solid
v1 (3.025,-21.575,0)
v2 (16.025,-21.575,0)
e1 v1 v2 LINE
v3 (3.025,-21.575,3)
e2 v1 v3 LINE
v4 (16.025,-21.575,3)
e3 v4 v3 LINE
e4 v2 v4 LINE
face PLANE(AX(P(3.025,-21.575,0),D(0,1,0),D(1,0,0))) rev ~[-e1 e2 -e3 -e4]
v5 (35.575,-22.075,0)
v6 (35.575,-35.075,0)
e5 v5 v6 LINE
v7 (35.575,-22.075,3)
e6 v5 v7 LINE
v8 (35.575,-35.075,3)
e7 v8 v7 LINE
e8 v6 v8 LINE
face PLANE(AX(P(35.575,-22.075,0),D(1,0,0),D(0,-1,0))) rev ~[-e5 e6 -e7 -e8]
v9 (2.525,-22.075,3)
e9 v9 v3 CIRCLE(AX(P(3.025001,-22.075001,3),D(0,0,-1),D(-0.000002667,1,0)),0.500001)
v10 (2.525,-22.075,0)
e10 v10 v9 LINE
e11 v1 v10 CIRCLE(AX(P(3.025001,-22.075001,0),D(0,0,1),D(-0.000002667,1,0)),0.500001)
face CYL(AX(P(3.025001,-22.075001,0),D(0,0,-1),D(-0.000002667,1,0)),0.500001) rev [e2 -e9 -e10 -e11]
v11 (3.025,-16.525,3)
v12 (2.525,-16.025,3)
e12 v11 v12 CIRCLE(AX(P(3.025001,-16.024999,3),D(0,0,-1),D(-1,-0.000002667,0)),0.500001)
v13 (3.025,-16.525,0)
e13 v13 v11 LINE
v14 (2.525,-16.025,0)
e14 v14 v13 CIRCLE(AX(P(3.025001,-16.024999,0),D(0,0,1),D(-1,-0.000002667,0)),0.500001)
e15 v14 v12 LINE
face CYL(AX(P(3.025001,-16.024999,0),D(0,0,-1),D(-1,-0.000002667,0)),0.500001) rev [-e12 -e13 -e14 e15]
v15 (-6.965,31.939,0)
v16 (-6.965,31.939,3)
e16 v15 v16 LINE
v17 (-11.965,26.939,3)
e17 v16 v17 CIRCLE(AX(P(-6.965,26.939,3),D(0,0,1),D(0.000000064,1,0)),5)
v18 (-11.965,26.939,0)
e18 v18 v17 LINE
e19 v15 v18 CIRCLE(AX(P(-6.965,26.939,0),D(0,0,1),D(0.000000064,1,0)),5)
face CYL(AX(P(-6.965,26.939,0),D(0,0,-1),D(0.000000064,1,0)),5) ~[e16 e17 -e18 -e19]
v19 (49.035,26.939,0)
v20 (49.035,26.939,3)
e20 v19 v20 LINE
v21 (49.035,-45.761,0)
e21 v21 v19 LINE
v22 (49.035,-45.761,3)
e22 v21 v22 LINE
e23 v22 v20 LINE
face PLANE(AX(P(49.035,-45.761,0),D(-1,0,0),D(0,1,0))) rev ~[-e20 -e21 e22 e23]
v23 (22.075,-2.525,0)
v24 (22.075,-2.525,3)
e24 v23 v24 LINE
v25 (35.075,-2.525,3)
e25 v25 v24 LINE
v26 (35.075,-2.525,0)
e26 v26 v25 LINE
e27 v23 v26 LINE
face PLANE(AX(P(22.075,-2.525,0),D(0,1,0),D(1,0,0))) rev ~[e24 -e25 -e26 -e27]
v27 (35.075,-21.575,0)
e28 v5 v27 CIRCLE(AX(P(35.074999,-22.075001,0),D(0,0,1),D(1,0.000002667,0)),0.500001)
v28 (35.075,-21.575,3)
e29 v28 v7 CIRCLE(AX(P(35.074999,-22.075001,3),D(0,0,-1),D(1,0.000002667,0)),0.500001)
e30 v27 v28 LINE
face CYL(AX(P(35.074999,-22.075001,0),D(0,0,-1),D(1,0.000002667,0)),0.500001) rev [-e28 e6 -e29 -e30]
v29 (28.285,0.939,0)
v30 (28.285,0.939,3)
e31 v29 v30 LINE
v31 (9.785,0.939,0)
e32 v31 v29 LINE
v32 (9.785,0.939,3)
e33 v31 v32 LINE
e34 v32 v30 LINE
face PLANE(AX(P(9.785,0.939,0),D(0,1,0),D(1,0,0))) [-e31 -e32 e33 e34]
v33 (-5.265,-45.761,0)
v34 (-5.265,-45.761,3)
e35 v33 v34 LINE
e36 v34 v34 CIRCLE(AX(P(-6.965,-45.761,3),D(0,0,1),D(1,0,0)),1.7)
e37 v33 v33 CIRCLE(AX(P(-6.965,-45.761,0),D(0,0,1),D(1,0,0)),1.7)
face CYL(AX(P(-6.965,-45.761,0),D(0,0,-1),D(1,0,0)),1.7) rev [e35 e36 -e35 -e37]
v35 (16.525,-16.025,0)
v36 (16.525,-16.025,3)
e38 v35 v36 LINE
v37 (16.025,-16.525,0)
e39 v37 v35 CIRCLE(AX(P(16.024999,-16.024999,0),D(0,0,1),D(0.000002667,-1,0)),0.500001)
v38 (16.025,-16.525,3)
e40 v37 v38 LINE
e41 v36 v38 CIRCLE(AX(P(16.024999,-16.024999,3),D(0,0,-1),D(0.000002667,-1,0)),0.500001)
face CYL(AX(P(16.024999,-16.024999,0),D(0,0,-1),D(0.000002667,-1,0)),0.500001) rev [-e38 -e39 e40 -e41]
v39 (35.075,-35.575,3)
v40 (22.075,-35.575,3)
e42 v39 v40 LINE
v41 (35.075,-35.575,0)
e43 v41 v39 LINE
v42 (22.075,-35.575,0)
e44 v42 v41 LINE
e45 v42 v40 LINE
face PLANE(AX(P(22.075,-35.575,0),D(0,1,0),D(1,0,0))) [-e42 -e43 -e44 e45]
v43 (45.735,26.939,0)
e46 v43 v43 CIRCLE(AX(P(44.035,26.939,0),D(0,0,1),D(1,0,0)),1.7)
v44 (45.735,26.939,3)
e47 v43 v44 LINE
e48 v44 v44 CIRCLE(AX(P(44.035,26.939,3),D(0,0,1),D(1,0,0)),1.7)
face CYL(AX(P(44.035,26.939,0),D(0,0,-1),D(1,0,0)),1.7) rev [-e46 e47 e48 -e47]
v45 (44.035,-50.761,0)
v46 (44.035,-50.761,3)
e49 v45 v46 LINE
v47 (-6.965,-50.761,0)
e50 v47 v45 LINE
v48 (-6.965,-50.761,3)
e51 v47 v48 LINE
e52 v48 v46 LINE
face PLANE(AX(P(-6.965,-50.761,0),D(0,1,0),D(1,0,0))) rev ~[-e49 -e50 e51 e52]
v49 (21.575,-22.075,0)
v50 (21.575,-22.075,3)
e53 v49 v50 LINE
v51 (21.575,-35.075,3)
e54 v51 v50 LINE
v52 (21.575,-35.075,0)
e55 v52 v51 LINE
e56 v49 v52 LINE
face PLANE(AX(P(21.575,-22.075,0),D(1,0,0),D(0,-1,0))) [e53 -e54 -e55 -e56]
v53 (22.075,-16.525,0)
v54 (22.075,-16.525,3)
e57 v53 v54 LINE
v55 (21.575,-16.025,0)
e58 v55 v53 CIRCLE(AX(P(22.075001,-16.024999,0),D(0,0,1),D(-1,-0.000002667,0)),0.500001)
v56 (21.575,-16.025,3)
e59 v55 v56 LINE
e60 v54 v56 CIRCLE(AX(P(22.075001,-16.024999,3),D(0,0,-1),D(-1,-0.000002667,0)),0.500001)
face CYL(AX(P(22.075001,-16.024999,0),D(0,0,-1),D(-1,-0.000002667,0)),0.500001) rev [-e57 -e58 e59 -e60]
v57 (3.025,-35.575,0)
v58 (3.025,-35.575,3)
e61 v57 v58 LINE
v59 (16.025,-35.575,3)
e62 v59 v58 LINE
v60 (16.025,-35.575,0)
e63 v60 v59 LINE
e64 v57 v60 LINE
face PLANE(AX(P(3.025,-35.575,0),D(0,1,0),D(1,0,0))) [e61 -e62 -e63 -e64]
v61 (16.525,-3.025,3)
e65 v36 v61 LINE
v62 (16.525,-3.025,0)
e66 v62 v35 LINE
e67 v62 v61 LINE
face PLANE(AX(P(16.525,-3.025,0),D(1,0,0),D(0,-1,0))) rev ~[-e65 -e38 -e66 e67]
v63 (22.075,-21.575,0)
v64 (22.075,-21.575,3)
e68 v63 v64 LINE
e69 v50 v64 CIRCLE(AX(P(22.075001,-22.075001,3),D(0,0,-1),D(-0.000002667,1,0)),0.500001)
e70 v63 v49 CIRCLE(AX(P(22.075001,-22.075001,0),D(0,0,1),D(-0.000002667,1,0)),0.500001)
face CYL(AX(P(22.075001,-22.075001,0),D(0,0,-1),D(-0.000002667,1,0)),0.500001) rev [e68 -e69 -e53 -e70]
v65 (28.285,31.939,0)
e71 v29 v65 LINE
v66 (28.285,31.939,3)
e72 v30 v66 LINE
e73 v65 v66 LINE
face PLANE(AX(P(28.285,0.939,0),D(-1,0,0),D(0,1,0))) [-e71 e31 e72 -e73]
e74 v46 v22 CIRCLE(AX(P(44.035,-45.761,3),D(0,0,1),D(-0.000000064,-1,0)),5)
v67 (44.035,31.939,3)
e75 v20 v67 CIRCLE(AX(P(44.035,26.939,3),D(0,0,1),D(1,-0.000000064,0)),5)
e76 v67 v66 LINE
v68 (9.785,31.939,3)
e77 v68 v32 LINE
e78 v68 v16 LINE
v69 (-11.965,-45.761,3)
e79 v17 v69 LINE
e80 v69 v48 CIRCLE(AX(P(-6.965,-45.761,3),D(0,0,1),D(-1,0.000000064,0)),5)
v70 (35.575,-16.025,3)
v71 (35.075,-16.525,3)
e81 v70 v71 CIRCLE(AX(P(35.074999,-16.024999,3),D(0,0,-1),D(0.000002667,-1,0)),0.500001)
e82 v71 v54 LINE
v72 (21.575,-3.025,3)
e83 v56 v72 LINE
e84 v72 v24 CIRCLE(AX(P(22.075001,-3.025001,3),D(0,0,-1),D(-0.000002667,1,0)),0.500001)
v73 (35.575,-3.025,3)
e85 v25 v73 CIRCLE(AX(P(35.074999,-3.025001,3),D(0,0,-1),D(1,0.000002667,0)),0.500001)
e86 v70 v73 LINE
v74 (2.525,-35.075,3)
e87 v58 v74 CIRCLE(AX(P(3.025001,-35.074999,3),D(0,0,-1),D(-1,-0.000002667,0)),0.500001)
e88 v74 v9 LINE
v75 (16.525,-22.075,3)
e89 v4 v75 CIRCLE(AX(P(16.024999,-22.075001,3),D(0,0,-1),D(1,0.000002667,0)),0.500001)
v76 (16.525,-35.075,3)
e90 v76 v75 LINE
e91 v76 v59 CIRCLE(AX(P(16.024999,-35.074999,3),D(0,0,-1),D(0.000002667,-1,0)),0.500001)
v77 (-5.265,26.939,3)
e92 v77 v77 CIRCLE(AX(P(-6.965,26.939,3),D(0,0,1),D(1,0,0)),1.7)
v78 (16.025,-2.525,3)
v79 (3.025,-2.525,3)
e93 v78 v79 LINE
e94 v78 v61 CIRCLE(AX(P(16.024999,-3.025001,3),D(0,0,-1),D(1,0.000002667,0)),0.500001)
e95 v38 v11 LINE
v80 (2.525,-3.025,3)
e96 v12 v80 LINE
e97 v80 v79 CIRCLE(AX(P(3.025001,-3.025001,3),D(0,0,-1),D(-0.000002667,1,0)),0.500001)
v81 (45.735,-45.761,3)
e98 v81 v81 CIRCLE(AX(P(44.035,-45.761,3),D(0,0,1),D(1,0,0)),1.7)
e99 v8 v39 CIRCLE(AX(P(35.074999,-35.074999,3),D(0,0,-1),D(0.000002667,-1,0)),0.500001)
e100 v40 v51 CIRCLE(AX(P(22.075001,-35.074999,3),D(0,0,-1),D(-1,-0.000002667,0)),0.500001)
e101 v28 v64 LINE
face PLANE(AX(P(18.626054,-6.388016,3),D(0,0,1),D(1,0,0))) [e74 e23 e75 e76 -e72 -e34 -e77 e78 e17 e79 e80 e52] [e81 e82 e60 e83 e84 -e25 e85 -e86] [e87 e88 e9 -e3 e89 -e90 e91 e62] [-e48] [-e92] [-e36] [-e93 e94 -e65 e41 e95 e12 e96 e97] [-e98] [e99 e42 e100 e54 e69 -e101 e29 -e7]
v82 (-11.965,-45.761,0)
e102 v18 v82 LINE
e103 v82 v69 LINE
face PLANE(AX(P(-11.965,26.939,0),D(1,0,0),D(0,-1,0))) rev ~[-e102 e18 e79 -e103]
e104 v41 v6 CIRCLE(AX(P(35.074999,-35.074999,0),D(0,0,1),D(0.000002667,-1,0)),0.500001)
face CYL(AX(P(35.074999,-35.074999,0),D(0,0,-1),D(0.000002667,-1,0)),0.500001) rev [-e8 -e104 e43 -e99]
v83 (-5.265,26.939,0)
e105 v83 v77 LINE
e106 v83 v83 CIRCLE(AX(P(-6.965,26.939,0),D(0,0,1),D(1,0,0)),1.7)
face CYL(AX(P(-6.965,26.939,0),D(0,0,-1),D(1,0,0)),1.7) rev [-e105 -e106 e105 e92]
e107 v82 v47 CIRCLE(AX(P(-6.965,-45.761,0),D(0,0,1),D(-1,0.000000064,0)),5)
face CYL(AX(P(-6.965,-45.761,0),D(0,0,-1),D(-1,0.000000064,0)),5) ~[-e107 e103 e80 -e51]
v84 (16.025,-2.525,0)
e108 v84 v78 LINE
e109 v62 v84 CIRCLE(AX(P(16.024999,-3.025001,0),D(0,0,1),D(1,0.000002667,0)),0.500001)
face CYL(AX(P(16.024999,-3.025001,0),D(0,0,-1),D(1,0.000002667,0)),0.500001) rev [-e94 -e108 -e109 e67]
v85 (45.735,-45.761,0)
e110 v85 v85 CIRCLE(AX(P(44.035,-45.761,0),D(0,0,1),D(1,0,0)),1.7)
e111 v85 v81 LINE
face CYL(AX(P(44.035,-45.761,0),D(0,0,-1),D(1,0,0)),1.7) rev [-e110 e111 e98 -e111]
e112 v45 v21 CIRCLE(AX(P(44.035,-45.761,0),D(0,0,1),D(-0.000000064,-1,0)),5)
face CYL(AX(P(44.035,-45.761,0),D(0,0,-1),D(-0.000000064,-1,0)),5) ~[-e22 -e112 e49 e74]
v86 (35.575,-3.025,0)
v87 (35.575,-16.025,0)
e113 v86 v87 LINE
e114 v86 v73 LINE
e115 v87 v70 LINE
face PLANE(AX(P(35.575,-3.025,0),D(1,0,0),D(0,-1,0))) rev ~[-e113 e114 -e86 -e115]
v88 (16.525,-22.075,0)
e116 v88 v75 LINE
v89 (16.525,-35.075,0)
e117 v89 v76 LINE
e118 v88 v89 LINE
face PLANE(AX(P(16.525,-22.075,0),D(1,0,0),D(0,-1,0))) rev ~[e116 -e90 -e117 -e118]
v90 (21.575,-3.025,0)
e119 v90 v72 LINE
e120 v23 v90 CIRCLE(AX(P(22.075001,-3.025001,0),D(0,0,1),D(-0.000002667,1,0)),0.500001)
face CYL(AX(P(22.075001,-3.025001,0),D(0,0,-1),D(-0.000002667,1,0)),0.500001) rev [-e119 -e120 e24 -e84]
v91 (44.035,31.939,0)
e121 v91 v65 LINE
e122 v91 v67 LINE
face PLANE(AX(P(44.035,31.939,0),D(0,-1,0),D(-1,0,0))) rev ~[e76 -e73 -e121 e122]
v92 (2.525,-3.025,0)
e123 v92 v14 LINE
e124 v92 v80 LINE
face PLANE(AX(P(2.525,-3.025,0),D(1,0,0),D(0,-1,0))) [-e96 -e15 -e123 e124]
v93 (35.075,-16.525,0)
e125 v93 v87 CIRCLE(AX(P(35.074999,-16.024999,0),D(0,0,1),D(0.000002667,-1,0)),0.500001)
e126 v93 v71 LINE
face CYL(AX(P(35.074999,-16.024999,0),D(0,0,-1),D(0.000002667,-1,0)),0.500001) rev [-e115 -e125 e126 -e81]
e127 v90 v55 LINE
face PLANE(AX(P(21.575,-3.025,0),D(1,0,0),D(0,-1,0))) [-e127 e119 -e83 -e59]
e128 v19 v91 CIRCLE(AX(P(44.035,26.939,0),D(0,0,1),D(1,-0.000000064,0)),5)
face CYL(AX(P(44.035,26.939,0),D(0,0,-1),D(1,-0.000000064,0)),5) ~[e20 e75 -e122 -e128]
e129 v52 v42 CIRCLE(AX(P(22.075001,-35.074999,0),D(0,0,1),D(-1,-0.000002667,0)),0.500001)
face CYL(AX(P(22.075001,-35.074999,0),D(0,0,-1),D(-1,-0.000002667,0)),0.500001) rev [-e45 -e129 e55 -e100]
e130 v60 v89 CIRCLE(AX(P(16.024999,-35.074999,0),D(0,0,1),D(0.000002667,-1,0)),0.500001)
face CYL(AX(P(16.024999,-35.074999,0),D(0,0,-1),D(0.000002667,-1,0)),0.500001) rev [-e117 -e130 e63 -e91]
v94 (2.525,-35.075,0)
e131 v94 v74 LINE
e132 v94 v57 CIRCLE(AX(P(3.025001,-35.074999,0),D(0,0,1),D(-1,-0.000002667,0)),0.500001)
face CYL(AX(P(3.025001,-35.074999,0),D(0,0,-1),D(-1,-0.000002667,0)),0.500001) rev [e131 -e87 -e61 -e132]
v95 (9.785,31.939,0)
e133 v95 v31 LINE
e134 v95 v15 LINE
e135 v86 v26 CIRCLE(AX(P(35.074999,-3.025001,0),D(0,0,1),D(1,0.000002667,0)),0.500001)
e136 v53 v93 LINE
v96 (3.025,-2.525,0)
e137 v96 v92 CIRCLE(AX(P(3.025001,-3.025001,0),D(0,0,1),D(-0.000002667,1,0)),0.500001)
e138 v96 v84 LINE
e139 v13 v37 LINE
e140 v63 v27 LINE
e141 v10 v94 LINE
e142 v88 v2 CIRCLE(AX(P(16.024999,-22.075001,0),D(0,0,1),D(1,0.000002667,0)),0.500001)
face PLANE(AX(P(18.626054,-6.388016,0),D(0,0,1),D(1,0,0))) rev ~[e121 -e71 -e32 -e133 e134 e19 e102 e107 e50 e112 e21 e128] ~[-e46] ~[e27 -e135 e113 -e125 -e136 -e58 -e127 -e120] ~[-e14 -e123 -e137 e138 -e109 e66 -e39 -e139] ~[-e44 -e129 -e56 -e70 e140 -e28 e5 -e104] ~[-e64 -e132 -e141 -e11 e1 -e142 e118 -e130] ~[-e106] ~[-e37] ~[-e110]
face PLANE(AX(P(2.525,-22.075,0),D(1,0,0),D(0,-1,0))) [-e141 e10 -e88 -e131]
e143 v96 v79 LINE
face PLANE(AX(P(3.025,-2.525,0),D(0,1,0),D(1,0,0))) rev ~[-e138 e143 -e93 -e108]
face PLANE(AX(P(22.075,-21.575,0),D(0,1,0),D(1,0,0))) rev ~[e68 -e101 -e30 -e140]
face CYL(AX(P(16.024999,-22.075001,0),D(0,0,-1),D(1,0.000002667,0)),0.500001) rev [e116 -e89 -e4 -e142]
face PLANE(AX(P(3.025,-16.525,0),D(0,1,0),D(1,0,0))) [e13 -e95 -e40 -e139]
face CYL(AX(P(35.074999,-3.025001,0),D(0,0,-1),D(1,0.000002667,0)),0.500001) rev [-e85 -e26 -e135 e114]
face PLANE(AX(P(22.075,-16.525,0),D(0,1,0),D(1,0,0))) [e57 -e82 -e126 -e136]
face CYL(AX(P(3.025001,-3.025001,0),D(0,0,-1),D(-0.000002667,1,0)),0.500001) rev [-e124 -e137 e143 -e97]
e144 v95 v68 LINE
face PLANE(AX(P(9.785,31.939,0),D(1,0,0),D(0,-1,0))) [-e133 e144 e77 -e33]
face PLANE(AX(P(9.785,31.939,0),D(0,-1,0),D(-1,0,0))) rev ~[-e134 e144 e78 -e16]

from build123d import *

# Parameters (mm, degrees)
SKETCH001_R  = 1.7
PAD_DEPTH    = 3
POCKET_DEPTH = 10


with BuildPart() as part:
    # Sketch001 → Pad (new body)
    with BuildSketch(Plane.XY):
        with BuildLine():
            Line((-11.965, 26.939), (-11.965, -45.761))
            ThreePointArc((-11.965, -45.761), (-10.500534, -49.296534), (-6.965, -50.761))
            Line((-6.965, -50.761), (44.035, -50.761))
            ThreePointArc((44.035, -50.761), (47.570534, -49.296534), (49.035, -45.761))
            Line((49.035, -45.761), (49.035, 26.939))
            ThreePointArc((49.035, 26.939), (47.570534, 30.474534), (44.035, 31.939))
            Line((44.035, 31.939), (28.285, 31.939))
            Line((28.285, 0.939), (28.285, 31.939))
            Line((9.785, 0.939), (28.285, 0.939))
            Line((9.785, 31.939), (9.785, 0.939))
            Line((9.785, 31.939), (-6.965, 31.939))
            ThreePointArc((-6.965, 31.939), (-10.500534, 30.474534), (-11.965, 26.939))
        make_face()
        with Locations((-6.965, -45.761)):
            Circle(SKETCH001_R, mode=Mode.SUBTRACT)
        with Locations((44.035, -45.761)):
            Circle(SKETCH001_R, mode=Mode.SUBTRACT)
        with Locations((44.035, 26.939)):
            Circle(SKETCH001_R, mode=Mode.SUBTRACT)
        with Locations((-6.965, 26.939)):
            Circle(SKETCH001_R, mode=Mode.SUBTRACT)
    extrude(amount=PAD_DEPTH)

    # Sketch → Pocket (cut)
    with BuildSketch(Plane.XY):
        with BuildLine():
            Line((3.025, -2.525), (16.025, -2.525))
            ThreePointArc((16.525, -3.025), (16.378553, -2.671447), (16.025, -2.525))
            Line((16.525, -3.025), (16.525, -16.025))
            ThreePointArc((16.025, -16.525), (16.378553, -16.378553), (16.525, -16.025))
            Line((3.025, -16.525), (16.025, -16.525))
            ThreePointArc((2.525, -16.025), (2.671447, -16.378553), (3.025, -16.525))
            Line((2.525, -3.025), (2.525, -16.025))
            ThreePointArc((3.025, -2.525), (2.671447, -2.671447), (2.525, -3.025))
        make_face()
        with BuildLine():
            Line((22.075, -2.525), (35.075, -2.525))
            ThreePointArc((35.575, -3.025), (35.428553, -2.671447), (35.075, -2.525))
            Line((35.575, -3.025), (35.575, -16.025))
            ThreePointArc((35.075, -16.525), (35.428553, -16.378553), (35.575, -16.025))
            Line((22.075, -16.525), (35.075, -16.525))
            ThreePointArc((21.575, -16.025), (21.721447, -16.378553), (22.075, -16.525))
            Line((21.575, -3.025), (21.575, -16.025))
            ThreePointArc((22.075, -2.525), (21.721447, -2.671447), (21.575, -3.025))
        make_face()
        with BuildLine():
            Line((3.025, -21.575), (16.025, -21.575))
            ThreePointArc((16.525, -22.075), (16.378553, -21.721447), (16.025, -21.575))
            Line((16.525, -22.075), (16.525, -35.075))
            ThreePointArc((16.025, -35.575), (16.378553, -35.428553), (16.525, -35.075))
            Line((3.025, -35.575), (16.025, -35.575))
            ThreePointArc((2.525, -35.075), (2.671447, -35.428553), (3.025, -35.575))
            Line((2.525, -22.075), (2.525, -35.075))
            ThreePointArc((3.025, -21.575), (2.671447, -21.721447), (2.525, -22.075))
        make_face()
        with BuildLine():
            Line((22.075, -21.575), (35.075, -21.575))
            ThreePointArc((35.575, -22.075), (35.428553, -21.721447), (35.075, -21.575))
            Line((35.575, -22.075), (35.575, -35.075))
            ThreePointArc((35.075, -35.575), (35.428553, -35.428553), (35.575, -35.075))
            Line((22.075, -35.575), (35.075, -35.575))
            ThreePointArc((21.575, -35.075), (21.721447, -35.428553), (22.075, -35.575))
            Line((21.575, -22.075), (21.575, -35.075))
            ThreePointArc((22.075, -21.575), (21.721447, -21.721447), (21.575, -22.075))
        make_face()
    extrude(amount=POCKET_DEPTH, mode=Mode.SUBTRACT)


solid = part.part
